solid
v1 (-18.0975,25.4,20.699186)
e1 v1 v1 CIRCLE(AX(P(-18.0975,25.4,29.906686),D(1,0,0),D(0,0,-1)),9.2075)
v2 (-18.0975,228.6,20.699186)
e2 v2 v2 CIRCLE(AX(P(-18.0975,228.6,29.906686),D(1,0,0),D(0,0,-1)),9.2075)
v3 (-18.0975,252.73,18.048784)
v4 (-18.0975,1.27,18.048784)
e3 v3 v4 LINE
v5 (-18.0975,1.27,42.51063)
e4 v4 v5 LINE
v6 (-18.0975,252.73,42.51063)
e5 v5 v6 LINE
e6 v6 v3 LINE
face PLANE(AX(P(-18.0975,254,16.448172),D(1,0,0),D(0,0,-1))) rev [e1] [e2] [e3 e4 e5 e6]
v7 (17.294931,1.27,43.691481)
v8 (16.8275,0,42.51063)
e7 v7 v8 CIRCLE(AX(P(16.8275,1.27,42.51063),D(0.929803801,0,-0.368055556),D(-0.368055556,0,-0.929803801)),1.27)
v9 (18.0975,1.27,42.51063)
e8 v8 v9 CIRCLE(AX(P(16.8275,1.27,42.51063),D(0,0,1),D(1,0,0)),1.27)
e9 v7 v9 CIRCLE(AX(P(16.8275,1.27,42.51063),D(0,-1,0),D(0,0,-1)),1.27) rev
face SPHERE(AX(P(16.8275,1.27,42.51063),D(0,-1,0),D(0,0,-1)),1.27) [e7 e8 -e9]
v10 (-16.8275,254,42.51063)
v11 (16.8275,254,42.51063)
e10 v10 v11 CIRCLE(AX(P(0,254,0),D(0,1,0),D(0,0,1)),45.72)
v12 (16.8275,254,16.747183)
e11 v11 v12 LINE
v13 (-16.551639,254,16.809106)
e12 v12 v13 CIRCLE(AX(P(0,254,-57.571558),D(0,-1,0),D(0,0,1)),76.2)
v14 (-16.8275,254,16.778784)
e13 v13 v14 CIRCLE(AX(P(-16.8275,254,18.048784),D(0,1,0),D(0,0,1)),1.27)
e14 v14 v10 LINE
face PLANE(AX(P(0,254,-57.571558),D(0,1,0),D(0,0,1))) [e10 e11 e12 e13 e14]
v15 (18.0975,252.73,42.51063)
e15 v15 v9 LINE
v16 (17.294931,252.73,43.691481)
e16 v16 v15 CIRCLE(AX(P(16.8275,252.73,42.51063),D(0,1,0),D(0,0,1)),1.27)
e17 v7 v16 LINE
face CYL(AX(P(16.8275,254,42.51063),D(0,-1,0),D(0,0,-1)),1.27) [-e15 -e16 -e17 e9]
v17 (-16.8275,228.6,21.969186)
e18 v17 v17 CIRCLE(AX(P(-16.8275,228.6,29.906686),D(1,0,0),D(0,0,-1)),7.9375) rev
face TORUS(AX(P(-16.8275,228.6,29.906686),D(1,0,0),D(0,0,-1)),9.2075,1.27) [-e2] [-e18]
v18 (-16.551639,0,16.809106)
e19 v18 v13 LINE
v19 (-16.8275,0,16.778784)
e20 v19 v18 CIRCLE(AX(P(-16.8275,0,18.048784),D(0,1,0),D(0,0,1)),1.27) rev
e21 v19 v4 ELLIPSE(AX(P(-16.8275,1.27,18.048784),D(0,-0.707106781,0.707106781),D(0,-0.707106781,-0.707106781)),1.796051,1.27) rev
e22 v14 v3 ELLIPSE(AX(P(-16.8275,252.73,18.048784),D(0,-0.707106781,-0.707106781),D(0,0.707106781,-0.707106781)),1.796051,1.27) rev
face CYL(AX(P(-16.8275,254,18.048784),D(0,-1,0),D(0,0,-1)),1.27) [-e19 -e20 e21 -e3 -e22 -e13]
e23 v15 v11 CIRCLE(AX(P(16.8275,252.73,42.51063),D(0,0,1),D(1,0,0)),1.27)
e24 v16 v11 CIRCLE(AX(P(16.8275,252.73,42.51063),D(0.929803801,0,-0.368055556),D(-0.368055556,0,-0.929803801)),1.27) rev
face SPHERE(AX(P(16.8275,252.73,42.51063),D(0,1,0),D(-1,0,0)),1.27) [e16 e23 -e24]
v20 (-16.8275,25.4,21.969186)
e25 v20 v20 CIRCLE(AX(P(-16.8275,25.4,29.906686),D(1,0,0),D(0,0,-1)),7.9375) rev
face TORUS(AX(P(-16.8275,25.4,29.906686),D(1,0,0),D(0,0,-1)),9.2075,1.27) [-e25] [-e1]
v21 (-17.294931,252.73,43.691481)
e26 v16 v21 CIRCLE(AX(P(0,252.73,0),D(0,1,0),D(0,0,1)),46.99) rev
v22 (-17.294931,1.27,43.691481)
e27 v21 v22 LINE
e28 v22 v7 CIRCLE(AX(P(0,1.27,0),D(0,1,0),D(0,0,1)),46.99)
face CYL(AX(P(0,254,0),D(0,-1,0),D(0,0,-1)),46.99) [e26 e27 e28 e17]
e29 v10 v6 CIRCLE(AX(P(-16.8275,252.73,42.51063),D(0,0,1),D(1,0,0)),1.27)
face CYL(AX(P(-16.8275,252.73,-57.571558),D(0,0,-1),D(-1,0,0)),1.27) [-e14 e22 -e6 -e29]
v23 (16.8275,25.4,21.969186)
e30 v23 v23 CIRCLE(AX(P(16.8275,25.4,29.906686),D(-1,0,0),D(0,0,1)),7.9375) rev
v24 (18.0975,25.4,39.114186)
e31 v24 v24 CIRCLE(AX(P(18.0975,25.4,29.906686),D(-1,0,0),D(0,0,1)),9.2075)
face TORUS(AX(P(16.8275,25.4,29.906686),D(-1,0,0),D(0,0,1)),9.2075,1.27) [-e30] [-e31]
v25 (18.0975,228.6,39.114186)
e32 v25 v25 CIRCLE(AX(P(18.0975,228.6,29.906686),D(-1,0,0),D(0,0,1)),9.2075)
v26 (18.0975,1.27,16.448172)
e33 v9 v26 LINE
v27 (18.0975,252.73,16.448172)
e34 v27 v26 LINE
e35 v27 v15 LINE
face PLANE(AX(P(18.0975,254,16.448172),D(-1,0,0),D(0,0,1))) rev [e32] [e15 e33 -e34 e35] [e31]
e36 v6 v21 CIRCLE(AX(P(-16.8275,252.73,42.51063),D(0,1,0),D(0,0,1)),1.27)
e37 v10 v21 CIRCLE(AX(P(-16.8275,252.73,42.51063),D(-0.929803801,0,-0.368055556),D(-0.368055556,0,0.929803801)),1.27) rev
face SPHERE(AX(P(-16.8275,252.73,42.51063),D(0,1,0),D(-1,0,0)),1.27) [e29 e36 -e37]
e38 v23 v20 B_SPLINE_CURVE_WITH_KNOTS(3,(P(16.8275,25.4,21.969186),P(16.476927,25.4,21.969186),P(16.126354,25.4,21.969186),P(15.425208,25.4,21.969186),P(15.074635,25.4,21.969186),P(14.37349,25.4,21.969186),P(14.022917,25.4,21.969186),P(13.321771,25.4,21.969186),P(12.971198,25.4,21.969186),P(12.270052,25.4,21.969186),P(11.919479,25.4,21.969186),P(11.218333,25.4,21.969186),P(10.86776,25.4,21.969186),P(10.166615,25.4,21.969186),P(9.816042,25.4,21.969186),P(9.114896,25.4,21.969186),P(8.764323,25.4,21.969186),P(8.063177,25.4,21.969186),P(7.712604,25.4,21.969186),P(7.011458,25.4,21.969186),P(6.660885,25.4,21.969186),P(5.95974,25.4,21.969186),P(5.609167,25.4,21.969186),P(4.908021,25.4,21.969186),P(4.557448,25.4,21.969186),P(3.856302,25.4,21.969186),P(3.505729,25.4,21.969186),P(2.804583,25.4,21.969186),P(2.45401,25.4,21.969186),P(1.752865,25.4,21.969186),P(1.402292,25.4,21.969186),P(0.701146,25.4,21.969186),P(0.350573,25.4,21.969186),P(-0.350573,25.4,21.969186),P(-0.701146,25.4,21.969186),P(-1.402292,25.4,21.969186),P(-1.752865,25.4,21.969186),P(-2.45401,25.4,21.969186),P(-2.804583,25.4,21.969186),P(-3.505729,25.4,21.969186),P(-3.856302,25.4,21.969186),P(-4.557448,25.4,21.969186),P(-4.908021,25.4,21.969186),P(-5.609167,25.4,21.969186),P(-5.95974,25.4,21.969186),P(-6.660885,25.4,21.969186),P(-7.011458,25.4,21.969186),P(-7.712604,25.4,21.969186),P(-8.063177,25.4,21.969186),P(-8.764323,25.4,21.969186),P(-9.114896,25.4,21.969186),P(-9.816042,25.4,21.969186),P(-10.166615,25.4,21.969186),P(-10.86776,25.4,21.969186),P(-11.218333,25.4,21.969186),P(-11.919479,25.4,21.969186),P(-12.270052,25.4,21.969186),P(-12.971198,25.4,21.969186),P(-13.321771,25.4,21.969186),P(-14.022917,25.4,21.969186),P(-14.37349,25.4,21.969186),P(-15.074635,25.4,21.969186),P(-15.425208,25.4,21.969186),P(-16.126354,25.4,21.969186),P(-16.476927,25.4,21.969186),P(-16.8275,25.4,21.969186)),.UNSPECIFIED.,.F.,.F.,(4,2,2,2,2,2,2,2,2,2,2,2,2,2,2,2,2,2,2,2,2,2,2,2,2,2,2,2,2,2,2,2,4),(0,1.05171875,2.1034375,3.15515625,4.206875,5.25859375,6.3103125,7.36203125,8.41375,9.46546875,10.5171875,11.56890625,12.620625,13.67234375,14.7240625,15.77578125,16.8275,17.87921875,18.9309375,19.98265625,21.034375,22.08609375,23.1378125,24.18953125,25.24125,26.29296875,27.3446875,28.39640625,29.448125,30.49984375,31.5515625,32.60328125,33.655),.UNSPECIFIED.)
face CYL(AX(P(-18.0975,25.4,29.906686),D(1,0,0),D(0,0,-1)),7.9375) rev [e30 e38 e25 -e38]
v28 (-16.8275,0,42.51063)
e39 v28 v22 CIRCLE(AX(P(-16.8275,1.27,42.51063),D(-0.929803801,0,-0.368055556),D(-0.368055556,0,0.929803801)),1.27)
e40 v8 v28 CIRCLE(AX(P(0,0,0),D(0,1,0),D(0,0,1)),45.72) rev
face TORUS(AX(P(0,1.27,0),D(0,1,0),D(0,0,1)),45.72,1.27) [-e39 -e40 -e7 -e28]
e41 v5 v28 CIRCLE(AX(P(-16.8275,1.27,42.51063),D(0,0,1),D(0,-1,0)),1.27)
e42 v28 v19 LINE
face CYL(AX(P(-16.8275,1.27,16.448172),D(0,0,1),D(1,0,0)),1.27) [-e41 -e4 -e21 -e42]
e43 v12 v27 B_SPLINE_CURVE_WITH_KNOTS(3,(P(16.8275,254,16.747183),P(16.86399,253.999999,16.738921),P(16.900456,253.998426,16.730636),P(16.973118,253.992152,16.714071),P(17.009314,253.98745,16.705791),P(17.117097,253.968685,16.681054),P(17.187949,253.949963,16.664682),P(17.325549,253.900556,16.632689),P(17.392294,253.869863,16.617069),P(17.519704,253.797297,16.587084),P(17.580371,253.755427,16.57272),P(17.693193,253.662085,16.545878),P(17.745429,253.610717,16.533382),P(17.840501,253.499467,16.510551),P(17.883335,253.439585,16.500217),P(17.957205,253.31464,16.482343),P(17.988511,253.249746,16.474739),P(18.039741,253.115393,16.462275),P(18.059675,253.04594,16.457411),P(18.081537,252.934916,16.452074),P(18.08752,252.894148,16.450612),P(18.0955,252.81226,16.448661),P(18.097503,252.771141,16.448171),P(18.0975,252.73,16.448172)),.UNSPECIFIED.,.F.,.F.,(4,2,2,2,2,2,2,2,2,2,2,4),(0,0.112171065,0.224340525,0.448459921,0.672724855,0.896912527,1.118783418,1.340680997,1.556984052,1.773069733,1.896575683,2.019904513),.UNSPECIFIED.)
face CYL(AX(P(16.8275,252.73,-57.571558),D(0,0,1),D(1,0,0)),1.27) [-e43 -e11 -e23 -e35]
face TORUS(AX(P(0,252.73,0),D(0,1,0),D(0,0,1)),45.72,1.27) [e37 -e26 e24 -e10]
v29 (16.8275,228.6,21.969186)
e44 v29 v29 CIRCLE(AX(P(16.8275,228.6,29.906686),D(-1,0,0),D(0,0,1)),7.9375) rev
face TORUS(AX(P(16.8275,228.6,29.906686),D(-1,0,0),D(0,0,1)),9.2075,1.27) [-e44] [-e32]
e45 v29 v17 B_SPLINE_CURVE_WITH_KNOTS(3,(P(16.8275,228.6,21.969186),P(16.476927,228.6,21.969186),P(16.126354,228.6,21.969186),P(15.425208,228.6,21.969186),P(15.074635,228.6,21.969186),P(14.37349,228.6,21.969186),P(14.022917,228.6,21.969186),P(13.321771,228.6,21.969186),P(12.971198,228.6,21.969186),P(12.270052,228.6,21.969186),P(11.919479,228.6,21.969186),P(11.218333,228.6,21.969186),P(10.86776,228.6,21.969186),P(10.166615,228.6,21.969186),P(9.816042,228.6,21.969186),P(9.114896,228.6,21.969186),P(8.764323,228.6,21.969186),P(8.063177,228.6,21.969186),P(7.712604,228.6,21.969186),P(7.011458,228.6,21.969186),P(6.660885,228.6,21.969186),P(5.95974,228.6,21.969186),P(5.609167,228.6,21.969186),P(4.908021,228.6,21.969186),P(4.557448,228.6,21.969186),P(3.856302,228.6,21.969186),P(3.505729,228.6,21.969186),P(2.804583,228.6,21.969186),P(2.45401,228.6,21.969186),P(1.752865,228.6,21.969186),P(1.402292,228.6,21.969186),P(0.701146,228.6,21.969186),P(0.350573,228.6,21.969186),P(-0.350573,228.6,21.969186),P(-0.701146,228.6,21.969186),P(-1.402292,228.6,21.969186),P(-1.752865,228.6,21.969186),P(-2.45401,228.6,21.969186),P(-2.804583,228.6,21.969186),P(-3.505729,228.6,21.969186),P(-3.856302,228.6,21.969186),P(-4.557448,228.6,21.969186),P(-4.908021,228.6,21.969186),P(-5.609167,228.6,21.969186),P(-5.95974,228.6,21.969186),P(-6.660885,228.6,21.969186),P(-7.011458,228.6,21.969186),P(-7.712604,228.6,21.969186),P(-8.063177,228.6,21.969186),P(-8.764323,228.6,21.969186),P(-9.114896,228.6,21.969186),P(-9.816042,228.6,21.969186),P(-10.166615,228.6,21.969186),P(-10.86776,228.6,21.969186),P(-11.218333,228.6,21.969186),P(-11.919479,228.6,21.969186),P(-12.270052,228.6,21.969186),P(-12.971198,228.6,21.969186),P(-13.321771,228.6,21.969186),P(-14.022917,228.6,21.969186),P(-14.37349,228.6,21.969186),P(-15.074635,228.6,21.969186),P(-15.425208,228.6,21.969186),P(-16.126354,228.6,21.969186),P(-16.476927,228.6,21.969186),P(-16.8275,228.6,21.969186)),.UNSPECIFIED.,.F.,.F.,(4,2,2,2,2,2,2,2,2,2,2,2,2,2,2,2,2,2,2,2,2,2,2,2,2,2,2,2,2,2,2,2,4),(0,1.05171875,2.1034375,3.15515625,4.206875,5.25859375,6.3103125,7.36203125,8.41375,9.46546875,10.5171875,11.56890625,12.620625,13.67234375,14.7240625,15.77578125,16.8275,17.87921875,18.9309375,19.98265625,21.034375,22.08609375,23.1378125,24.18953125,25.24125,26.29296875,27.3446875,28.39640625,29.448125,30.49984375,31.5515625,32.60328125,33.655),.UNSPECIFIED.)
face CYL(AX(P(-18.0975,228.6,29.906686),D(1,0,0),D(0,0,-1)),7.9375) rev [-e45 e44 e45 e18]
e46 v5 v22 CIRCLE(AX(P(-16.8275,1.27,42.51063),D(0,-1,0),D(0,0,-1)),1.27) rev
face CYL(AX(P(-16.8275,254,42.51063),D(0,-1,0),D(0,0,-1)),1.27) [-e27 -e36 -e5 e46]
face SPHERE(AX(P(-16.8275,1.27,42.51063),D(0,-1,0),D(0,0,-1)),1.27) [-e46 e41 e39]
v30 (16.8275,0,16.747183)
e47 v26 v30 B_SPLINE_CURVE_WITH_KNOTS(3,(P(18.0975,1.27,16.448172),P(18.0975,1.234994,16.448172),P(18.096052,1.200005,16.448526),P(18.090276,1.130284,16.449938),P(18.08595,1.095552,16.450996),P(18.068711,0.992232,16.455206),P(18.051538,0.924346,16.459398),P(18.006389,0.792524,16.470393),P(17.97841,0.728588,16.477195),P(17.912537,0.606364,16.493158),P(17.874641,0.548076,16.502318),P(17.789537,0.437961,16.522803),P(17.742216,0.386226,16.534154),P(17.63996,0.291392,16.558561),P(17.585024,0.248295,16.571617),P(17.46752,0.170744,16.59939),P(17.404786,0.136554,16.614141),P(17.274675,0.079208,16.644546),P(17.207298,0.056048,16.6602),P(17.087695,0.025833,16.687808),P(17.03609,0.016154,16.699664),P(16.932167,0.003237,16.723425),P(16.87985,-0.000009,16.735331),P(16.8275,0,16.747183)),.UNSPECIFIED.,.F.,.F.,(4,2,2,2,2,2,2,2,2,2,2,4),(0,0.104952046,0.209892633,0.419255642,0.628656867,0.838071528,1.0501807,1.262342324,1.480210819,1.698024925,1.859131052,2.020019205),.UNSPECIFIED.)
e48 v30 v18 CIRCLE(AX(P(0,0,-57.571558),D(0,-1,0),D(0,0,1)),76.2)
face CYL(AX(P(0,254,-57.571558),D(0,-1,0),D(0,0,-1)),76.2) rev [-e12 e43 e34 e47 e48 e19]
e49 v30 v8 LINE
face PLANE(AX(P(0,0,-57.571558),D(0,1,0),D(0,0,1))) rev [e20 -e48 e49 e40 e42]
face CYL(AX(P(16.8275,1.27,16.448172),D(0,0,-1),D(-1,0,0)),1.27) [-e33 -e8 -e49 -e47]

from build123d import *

# Parameters (mm, degrees)
BOSS_EXTRUDE1_DEPTH = 254
SKETCH2_R           = 7.9375
CUT_EXTRUDE1_DEPTH  = 261.833544861
FILLET1_R           = 1.27


with BuildPart() as part:
    # Sketch1 → Boss-Extrude1 (new body)
    with BuildSketch(Plane(origin=(0, 0, 0), x_dir=(1, 0, 0), z_dir=(0, 1, 0))):
        with BuildLine():
            Line((-18.0975, -16.448172274), (-18.0975, -43.365200262))
            ThreePointArc((-18.0975, -43.365200262), (0, -46.99), (18.0975, -43.365200262))
            Line((18.0975, -43.365200262), (18.0975, -16.448172274))
            ThreePointArc((18.0975, -16.448172274), (0, -18.628441839), (-18.0975, -16.448172274))
        make_face()
    extrude(amount=BOSS_EXTRUDE1_DEPTH)

    # Sketch2 → Cut-Extrude1 (cut, through all)
    with BuildSketch(Plane(origin=(18.0975, 0, 0), x_dir=(0, 0, -1), z_dir=(1, 0, 0))):
        with Locations((-29.906686268, 228.6)):
            Circle(SKETCH2_R)
        with Locations((-29.906686268, 25.4)):
            Circle(SKETCH2_R)
    extrude(amount=-CUT_EXTRUDE1_DEPTH, mode=Mode.SUBTRACT)

    # Fillet1
    fillet1_edges = [part.edges().sort_by_distance(p)[0] for p in [
        (0, 254, 46.99),
        (18.0975, 254, 29.906686268),
        (-18.0975, 228.6, 37.844186268),
        (18.0975, 228.6, 37.844186268),
        (-18.0975, 25.4, 37.844186268),
        (18.0975, 25.4, 37.844186268),
        (18.0975, 0, 29.906686268),
        (0, 0, 46.99),
        (-18.0975, 0, 29.906686268),
        (18.0975, 127, 43.365200262),
        (-18.0975, 127, 43.365200262),
        (-18.0975, 127, 16.448172274),
        (-18.0975, 254, 29.906686268),
    ]]
    fillet(fillet1_edges, radius=FILLET1_R)


solid = part.part
